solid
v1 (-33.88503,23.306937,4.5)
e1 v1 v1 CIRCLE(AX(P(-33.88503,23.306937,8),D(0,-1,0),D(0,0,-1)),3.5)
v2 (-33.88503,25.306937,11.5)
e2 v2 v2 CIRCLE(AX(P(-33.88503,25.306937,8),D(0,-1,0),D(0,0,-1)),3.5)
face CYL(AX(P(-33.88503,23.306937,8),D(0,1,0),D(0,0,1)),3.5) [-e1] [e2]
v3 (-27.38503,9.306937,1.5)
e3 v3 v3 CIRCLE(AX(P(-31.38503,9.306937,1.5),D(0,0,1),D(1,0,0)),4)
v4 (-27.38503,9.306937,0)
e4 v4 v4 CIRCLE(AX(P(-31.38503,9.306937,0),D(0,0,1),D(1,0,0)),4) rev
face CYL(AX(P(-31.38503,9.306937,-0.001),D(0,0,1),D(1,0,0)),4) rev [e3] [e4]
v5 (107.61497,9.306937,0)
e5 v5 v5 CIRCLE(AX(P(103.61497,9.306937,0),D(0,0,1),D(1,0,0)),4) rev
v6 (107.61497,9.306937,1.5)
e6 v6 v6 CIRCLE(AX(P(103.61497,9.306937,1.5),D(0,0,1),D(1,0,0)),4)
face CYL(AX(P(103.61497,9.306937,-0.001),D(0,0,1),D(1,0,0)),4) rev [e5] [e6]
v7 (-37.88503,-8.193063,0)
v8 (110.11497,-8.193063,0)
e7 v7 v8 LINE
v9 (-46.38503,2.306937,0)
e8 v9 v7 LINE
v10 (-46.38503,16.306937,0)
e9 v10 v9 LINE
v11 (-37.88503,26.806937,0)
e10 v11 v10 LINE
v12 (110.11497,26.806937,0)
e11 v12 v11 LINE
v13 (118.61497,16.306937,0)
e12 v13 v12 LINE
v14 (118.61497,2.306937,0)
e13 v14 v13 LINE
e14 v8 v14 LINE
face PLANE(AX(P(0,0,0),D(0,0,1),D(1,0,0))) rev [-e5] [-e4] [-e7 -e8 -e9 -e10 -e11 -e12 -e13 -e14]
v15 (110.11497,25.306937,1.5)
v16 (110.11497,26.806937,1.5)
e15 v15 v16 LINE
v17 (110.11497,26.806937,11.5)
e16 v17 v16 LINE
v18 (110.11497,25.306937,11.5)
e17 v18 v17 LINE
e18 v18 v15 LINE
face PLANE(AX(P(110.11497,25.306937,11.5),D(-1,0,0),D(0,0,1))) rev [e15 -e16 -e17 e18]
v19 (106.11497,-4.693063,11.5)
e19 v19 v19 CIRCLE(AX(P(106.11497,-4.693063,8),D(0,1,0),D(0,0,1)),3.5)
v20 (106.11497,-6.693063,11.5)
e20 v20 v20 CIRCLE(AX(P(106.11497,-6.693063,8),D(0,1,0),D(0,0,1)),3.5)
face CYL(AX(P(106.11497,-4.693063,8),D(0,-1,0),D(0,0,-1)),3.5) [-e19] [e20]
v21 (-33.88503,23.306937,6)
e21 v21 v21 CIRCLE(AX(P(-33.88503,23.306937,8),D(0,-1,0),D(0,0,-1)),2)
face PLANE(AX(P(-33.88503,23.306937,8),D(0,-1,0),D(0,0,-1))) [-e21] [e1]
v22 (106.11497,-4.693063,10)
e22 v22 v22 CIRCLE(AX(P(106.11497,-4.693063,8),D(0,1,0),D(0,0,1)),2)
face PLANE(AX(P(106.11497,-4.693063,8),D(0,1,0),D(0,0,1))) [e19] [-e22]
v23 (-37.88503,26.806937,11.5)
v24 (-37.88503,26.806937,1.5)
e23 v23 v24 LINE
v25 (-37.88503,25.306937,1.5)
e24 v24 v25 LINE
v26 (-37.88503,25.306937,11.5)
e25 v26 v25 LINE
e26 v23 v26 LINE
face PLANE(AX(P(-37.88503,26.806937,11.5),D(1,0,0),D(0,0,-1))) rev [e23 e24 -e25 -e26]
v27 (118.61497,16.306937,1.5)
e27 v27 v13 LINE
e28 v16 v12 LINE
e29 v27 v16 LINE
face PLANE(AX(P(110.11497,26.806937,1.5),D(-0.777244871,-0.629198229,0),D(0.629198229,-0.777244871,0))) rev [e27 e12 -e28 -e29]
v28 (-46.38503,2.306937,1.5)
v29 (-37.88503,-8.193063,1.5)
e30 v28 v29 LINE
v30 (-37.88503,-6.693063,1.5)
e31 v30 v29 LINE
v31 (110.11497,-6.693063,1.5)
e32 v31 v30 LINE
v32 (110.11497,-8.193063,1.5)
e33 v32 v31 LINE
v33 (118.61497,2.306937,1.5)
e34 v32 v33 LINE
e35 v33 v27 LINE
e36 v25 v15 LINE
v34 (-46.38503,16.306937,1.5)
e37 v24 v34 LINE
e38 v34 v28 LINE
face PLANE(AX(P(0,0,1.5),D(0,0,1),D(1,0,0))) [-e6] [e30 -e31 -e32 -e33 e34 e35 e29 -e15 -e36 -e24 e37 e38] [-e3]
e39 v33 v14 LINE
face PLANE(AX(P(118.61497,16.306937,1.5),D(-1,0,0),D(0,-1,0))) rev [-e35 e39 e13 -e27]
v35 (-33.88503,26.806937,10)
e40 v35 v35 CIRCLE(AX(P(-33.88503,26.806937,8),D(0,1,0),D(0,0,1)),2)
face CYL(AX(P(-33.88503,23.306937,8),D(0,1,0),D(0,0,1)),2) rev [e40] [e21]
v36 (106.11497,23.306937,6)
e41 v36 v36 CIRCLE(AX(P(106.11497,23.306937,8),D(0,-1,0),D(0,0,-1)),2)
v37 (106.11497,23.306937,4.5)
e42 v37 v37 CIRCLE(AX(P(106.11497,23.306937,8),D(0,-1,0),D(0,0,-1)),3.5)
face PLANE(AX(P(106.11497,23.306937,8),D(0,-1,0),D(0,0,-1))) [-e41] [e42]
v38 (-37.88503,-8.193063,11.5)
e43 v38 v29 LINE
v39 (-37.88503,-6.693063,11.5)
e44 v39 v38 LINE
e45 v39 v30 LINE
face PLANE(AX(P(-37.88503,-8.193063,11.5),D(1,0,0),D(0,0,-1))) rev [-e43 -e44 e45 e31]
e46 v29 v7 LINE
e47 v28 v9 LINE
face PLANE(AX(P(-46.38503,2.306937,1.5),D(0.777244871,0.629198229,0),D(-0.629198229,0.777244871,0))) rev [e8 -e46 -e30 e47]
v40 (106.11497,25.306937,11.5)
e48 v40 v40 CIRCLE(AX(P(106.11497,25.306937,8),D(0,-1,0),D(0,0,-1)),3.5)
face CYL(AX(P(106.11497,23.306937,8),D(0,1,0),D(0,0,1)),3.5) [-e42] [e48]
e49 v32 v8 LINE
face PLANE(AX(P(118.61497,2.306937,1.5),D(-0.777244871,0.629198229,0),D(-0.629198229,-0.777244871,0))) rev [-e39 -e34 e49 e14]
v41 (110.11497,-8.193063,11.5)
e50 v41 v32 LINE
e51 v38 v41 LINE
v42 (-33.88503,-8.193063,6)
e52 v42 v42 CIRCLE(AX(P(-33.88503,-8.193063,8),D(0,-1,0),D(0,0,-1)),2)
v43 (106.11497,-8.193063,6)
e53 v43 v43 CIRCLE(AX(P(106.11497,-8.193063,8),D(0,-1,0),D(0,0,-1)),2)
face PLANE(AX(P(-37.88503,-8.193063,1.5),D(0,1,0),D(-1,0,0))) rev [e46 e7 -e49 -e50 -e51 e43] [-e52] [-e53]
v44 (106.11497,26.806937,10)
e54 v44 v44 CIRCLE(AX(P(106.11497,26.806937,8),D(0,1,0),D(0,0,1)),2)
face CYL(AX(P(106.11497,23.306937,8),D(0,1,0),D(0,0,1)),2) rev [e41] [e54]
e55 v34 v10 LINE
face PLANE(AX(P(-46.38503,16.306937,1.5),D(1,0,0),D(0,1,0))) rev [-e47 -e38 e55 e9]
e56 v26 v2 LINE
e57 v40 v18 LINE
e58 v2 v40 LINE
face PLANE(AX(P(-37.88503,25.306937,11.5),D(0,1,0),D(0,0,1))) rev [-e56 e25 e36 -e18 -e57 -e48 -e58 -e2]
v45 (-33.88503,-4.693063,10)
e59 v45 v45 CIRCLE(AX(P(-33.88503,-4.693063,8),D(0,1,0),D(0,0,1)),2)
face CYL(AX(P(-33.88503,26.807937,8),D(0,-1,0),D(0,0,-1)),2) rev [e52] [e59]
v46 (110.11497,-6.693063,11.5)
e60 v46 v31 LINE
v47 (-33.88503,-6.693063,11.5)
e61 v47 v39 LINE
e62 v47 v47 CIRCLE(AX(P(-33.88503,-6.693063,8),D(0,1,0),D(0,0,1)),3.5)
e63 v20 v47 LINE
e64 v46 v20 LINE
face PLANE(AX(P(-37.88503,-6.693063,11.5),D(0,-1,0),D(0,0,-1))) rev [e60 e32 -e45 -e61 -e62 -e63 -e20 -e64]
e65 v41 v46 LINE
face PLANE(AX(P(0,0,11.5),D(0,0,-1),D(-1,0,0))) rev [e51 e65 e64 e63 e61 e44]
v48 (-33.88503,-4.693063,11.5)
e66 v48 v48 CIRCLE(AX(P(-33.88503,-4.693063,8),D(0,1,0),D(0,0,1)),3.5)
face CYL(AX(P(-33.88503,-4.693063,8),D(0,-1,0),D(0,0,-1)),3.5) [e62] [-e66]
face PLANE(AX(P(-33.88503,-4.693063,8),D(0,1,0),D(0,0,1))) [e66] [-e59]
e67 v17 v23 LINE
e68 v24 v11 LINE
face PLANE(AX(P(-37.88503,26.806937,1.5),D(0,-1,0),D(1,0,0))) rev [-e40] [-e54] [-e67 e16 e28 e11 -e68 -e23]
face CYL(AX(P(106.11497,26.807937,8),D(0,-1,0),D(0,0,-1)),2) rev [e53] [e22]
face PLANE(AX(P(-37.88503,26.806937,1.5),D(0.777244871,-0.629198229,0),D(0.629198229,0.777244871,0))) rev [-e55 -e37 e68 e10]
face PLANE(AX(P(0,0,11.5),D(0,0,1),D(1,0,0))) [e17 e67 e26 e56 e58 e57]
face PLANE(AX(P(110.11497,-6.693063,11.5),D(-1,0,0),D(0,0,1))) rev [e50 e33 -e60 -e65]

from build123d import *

# Parameters (mm, degrees)
SALIENTE_EXTRUIR1_DEPTH = 1.5
CROQUIS4_W              = 148
CROQUIS4_H              = 1.5
SALIENTE_EXTRUIR2_DEPTH = 10
CROQUIS5_W              = 148
CROQUIS5_H              = 1.5
SALIENTE_EXTRUIR3_DEPTH = 10
CROQUIS6_R              = 2
CORTAR_EXTRUIR6_DEPTH   = 3.5
CROQUIS9_R              = 3.5
SALIENTE_EXTRUIR5_DEPTH = 2
CROQUIS11_R             = 2
CORTAR_EXTRUIR7_DEPTH   = 2
CROQUIS12_R             = 3.5
SALIENTE_EXTRUIR6_DEPTH = 2
CROQUIS13_R             = 2
CORTAR_EXTRUIR8_DEPTH   = 2
CORTAR_EXTRUIR9_REACH   = 37
CROQUIS14_R             = 2
CROQUIS15_R             = 3.5
SALIENTE_EXTRUIR7_DEPTH = 2
CROQUIS16_R             = 2
CORTAR_EXTRUIR10_DEPTH  = 2
CORTAR_EXTRUIR11_REACH  = 37
CROQUIS17_R             = 2
CROQUIS18_R             = 3.5
SALIENTE_EXTRUIR8_DEPTH = 2
CROQUIS19_R             = 2
CORTAR_EXTRUIR12_DEPTH  = 2
CORTAR_EXTRUIR13_REACH  = 3.5
CROQUIS20_R             = 4


with BuildPart() as part:
    # Croquis1 → Saliente-Extruir1 (new body)
    with BuildSketch(Plane.XY):
        Polygon((110.114969998, 26.806936713), (118.614969998, 16.306936713), (118.614969998, 2.306936713), (110.114969998, -8.193063287), (-37.885030002, -8.193063287), (-46.385030002, 2.306936713), (-46.385030002, 16.306936713), (-37.885030002, 26.806936713), align=None)
    extrude(amount=SALIENTE_EXTRUIR1_DEPTH)

    # Croquis4 → Saliente-Extruir2 (add)
    with BuildSketch(Plane.XY.offset(1.5)):
        with Locations((36.114969998, 26.056936713)):
            Rectangle(CROQUIS4_W, CROQUIS4_H)
    extrude(amount=SALIENTE_EXTRUIR2_DEPTH)

    # Croquis5 → Saliente-Extruir3 (add)
    with BuildSketch(Plane.XY.offset(1.5)):
        with Locations((36.114969998, -7.443063287)):
            Rectangle(CROQUIS5_W, CROQUIS5_H)
    extrude(amount=SALIENTE_EXTRUIR3_DEPTH)

    # Croquis6 → Cortar-Extruir6 (cut)
    with BuildSketch(Plane(origin=(0, 26.806936713, 0), x_dir=(1, 0, 0), z_dir=(0, 1, 0))):
        with Locations((106.114969998, -8)):
            Circle(CROQUIS6_R)
        with Locations((-33.885030002, -8)):
            Circle(CROQUIS6_R)
    extrude(amount=-CORTAR_EXTRUIR6_DEPTH, mode=Mode.SUBTRACT)

    # Croquis9 → Saliente-Extruir5 (add)
    with BuildSketch(Plane.XZ.offset(-25.306936713)):
        with Locations((-33.885030002, 8)):
            Circle(CROQUIS9_R)
    extrude(amount=SALIENTE_EXTRUIR5_DEPTH)

    # Croquis11 → Cortar-Extruir7 (cut)
    with BuildSketch(Plane.XZ.offset(-23.306936713)):
        with Locations((-33.885030002, 8)):
            Circle(CROQUIS11_R)
    extrude(amount=-CORTAR_EXTRUIR7_DEPTH, mode=Mode.SUBTRACT)

    # Croquis12 → Saliente-Extruir6 (add)
    with BuildSketch(Plane.XZ.offset(-25.306936713)):
        with Locations((106.114969998, 8)):
            Circle(CROQUIS12_R)
    extrude(amount=SALIENTE_EXTRUIR6_DEPTH)

    # Croquis13 → Cortar-Extruir8 (cut)
    with BuildSketch(Plane.XZ.offset(-23.306936713)):
        with Locations((106.114969998, 8)):
            Circle(CROQUIS13_R)
    extrude(amount=-CORTAR_EXTRUIR8_DEPTH, mode=Mode.SUBTRACT)

    # Croquis14 → Cortar-Extruir9 (cut, up to next)
    with BuildSketch(Plane.XZ.offset(8.193063287), mode=Mode.PRIVATE) as cortar_extruir9_sk1:
        with Locations((-33.885030002, 8)):
            Circle(CROQUIS14_R)
    cortar_extruir9_tool1 = extrude(cortar_extruir9_sk1.sketch, amount=-CORTAR_EXTRUIR9_REACH, mode=Mode.PRIVATE) & part.part
    add(cortar_extruir9_tool1.solids().sort_by_distance((-33.88503, -8.193063, 8))[0], mode=Mode.SUBTRACT)

    # Croquis15 → Saliente-Extruir7 (add)
    with BuildSketch(Plane(origin=(0, -6.693063287, 0), x_dir=(1, 0, 0), z_dir=(0, 1, 0))):
        with Locations((-33.885030002, -8)):
            Circle(CROQUIS15_R)
    extrude(amount=SALIENTE_EXTRUIR7_DEPTH)

    # Croquis16 → Cortar-Extruir10 (cut)
    with BuildSketch(Plane(origin=(0, -4.693063287, 0), x_dir=(1, 0, 0), z_dir=(0, 1, 0))):
        with Locations((-33.885030002, -8)):
            Circle(CROQUIS16_R)
    extrude(amount=-CORTAR_EXTRUIR10_DEPTH, mode=Mode.SUBTRACT)

    # Croquis17 → Cortar-Extruir11 (cut, up to next)
    with BuildSketch(Plane.XZ.offset(8.193063287), mode=Mode.PRIVATE) as cortar_extruir11_sk1:
        with Locations((106.114969998, 8)):
            Circle(CROQUIS17_R)
    cortar_extruir11_tool1 = extrude(cortar_extruir11_sk1.sketch, amount=-CORTAR_EXTRUIR11_REACH, mode=Mode.PRIVATE) & part.part
    add(cortar_extruir11_tool1.solids().sort_by_distance((106.11497, -8.193063, 8))[0], mode=Mode.SUBTRACT)

    # Croquis18 → Saliente-Extruir8 (add)
    with BuildSketch(Plane(origin=(0, -6.693063287, 0), x_dir=(1, 0, 0), z_dir=(0, 1, 0))):
        with Locations((106.114969998, -8)):
            Circle(CROQUIS18_R)
    extrude(amount=SALIENTE_EXTRUIR8_DEPTH)

    # Croquis19 → Cortar-Extruir12 (cut)
    with BuildSketch(Plane(origin=(0, -4.693063287, 0), x_dir=(1, 0, 0), z_dir=(0, 1, 0))):
        with Locations((106.114969998, -8)):
            Circle(CROQUIS19_R)
    extrude(amount=-CORTAR_EXTRUIR12_DEPTH, mode=Mode.SUBTRACT)

    # Croquis20 → Cortar-Extruir13 (cut, up to next)
    with BuildSketch(Plane.XY.offset(1.5), mode=Mode.PRIVATE) as cortar_extruir13_sk1:
        with Locations((-31.385030002, 9.306936713)):
            Circle(CROQUIS20_R)
    cortar_extruir13_tool1 = extrude(cortar_extruir13_sk1.sketch, amount=-CORTAR_EXTRUIR13_REACH, mode=Mode.PRIVATE) & part.part
    add(cortar_extruir13_tool1.solids().sort_by_distance((-31.38503, 9.306937, 1.5))[0], mode=Mode.SUBTRACT)
    # Croquis20 → Cortar-Extruir13 (cut, up to next)
    with BuildSketch(Plane.XY.offset(1.5), mode=Mode.PRIVATE) as cortar_extruir13_sk2:
        with Locations((103.614969998, 9.306936713)):
            Circle(CROQUIS20_R)
    cortar_extruir13_tool2 = extrude(cortar_extruir13_sk2.sketch, amount=-CORTAR_EXTRUIR13_REACH, mode=Mode.PRIVATE) & part.part
    add(cortar_extruir13_tool2.solids().sort_by_distance((103.61497, 9.306937, 1.5))[0], mode=Mode.SUBTRACT)


solid = part.part
